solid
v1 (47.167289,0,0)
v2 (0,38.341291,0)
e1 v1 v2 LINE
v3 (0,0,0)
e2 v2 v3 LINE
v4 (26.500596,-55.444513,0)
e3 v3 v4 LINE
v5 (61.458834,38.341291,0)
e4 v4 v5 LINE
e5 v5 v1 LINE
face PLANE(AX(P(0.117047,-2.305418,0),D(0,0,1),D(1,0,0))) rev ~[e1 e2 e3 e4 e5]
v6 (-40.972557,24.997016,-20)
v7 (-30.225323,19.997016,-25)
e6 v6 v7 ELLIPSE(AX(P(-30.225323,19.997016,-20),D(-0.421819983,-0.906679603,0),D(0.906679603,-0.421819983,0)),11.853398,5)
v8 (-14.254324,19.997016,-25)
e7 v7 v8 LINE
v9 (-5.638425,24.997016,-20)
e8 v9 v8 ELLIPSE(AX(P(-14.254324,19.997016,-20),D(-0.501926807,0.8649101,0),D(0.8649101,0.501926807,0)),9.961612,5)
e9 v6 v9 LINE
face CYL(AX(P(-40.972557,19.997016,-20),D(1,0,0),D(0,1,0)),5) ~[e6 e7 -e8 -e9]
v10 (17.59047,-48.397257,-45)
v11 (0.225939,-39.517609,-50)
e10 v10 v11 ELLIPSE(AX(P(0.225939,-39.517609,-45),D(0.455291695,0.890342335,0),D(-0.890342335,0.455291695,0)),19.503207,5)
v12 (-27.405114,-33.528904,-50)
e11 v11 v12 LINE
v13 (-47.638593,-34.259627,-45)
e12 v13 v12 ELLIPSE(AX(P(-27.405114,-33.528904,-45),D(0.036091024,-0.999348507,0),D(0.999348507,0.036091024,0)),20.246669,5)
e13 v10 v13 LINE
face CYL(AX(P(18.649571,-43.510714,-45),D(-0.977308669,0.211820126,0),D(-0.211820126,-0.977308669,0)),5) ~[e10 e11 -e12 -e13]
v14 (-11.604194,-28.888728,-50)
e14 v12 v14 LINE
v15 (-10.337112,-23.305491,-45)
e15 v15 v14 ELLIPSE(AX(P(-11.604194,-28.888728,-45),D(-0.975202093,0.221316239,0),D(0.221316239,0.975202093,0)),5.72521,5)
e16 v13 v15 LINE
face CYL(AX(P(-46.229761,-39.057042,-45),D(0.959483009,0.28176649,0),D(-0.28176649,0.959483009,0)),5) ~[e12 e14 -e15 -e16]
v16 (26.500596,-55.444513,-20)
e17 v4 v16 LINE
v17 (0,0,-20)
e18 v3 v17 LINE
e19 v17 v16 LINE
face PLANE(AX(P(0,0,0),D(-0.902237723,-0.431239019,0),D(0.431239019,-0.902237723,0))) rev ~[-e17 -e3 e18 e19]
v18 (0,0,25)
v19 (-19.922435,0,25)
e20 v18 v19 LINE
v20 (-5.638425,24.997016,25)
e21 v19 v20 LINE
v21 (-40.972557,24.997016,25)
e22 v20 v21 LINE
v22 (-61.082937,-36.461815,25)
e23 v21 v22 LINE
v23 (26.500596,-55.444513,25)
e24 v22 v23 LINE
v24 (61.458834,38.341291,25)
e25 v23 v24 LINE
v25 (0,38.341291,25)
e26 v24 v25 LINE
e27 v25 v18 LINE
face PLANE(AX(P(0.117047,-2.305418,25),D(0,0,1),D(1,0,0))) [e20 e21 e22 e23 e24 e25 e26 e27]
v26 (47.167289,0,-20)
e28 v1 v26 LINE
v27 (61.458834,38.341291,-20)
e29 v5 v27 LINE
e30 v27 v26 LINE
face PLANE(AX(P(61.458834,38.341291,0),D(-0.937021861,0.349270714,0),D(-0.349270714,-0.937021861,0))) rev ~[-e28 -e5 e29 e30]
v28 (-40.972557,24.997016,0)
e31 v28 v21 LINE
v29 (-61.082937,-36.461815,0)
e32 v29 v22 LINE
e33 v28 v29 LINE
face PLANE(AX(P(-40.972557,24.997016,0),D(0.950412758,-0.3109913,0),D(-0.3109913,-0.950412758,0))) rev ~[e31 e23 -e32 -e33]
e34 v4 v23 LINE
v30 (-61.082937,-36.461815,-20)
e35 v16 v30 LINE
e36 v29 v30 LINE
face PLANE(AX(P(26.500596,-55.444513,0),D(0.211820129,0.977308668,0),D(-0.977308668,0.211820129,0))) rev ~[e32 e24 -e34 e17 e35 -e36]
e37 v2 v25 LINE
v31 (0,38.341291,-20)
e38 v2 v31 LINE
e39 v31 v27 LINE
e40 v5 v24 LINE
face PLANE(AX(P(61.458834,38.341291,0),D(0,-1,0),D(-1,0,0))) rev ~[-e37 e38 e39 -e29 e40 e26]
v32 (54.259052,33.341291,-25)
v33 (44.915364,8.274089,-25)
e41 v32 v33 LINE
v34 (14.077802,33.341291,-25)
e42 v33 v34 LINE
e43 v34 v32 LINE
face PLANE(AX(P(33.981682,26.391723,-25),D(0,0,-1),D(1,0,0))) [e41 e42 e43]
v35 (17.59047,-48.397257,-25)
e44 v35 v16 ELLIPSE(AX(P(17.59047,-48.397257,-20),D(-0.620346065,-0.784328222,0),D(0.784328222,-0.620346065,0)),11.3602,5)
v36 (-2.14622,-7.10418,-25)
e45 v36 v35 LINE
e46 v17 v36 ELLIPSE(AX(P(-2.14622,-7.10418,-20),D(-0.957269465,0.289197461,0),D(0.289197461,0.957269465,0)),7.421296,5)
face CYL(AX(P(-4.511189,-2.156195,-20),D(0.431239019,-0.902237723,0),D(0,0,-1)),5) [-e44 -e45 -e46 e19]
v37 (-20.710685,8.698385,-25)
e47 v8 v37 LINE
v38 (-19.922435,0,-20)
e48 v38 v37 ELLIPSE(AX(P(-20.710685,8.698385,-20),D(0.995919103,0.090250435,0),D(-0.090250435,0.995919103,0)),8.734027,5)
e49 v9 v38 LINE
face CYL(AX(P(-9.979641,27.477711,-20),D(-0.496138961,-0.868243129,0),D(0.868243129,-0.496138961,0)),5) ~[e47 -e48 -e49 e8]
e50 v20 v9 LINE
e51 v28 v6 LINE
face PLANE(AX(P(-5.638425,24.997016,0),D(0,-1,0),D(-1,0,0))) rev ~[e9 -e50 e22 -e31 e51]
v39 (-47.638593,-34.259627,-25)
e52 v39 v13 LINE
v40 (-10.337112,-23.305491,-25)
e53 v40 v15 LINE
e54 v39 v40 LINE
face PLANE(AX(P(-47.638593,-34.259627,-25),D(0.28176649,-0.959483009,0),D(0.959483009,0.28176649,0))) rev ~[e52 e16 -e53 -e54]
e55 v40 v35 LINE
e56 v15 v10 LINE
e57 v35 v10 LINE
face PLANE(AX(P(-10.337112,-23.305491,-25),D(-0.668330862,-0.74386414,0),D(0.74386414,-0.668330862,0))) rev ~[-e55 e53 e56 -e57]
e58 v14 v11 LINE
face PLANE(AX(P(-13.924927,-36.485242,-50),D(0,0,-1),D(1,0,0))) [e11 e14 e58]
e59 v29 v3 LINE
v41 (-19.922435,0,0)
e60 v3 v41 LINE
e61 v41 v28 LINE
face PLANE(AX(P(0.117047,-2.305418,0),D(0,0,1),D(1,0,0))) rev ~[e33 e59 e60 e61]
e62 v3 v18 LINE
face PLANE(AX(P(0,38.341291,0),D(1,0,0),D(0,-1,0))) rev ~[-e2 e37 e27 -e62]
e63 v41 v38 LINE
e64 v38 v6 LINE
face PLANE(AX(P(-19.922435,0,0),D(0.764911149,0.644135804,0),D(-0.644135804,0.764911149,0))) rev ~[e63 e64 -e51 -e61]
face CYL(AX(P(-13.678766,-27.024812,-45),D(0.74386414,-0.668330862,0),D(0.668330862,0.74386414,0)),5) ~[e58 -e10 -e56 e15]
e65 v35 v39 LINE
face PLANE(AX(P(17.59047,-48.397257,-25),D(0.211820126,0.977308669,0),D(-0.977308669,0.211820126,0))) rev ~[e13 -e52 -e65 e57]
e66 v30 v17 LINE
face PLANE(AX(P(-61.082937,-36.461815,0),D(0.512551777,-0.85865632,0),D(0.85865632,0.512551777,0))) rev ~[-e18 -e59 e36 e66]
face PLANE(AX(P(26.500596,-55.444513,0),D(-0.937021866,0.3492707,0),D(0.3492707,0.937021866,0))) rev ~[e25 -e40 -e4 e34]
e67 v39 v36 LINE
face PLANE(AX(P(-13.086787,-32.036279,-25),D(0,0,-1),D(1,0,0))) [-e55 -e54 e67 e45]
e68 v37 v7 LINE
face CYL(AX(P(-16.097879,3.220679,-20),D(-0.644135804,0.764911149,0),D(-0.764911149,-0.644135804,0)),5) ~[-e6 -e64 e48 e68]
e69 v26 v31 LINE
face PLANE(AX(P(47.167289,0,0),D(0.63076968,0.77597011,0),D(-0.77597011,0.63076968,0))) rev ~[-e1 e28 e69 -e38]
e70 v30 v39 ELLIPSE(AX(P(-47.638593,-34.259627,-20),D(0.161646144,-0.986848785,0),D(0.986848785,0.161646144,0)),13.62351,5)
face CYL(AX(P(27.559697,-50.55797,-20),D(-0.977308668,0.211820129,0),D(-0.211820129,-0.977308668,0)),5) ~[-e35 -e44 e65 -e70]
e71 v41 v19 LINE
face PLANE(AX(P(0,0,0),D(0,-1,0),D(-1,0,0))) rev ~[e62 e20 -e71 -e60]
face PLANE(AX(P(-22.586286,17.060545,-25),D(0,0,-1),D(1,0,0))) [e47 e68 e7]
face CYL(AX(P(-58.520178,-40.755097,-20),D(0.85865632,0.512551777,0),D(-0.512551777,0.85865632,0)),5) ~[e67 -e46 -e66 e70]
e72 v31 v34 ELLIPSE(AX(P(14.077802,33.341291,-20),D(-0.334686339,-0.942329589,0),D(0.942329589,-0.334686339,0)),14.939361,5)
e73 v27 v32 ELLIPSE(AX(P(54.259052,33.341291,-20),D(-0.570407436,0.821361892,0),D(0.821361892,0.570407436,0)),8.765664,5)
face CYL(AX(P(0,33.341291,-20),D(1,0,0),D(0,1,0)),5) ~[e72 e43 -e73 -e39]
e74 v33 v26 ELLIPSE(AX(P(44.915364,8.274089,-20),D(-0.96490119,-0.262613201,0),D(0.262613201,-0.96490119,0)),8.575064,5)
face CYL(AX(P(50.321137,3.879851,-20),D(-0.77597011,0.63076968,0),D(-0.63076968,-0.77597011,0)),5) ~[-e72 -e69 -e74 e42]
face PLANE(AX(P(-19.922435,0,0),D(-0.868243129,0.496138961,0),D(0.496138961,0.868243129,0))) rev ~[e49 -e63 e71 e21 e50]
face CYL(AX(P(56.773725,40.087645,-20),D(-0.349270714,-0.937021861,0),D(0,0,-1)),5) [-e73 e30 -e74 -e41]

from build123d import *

# Parameters (mm, degrees)
F1_DEPTH = 25
F3_DEPTH = 25
F4_R     = 5
F5_R     = 5
F6_R     = 5
F8_DEPTH = 25
F9_R     = 5


with BuildPart() as f1:
    # F0 (on Top) → F1 (new body)
    with BuildSketch(Plane.XY):
        Polygon((0, 38.341291), (0, 0), (-19.922435, 0), (-5.638425, 24.997016), (-40.972557, 24.997016), (-61.082937, -36.461815), (26.500596, -55.444513), (61.458834, 38.341291), align=None)
    extrude(amount=F1_DEPTH)

    # F2 (on face) → F3 (join)
    with BuildSketch(Plane(origin=(0, 0, 0), x_dir=(1, 0, 0), z_dir=(0, 0, -1))):
        Polygon((26.500596, 55.444513), (-61.082937, 36.461815), (0, 0), align=None)
        Polygon((-5.638425, -24.997016), (-19.922435, 0), (-40.972557, -24.997016), align=None)
        Polygon((61.458834, -38.341291), (47.167289, 0), (0, -38.341291), align=None)
    extrude(amount=F3_DEPTH)

    # F4
    f4_edges = [f1.edges().sort_by_distance(p)[0] for p in [
        (-30.541468, -18.230908, -25),
        (13.250298, -27.722256, -25),
        (-17.291171, -45.953164, -25),
    ]]
    fillet(f4_edges, radius=F4_R)

    # F5
    f5_edges = [f1.edges().sort_by_distance(p)[0] for p in [
        (-23.305491, 24.997016, -25),
        (-30.447496, 12.498508, -25),
        (-12.78043, 12.498508, -25),
    ]]
    fillet(f5_edges, radius=F5_R)

    # F6
    f6_edges = [f1.edges().sort_by_distance(p)[0] for p in [
        (30.729417, 38.341291, -25),
        (54.313061, 19.170646, -25),
        (23.583645, 19.170646, -25),
    ]]
    fillet(f6_edges, radius=F6_R)

    # F7 (on face) → F8 (join)
    with BuildSketch(Plane(origin=(0, 0, -25), x_dir=(1, 0, 0), z_dir=(0, 0, -1))):
        Polygon((17.59047, 48.397257), (-47.638593, 34.259627), (-10.337112, 23.305491), align=None)
    extrude(amount=F8_DEPTH)

    # F9
    f9_edges = [f1.edges().sort_by_distance(p)[0] for p in [
        (-28.987853, -28.782559, -50),
        (-15.024061, -41.328442, -50),
        (3.626679, -35.851374, -50),
    ]]
    fillet(f9_edges, radius=F9_R)


solid = f1.part
